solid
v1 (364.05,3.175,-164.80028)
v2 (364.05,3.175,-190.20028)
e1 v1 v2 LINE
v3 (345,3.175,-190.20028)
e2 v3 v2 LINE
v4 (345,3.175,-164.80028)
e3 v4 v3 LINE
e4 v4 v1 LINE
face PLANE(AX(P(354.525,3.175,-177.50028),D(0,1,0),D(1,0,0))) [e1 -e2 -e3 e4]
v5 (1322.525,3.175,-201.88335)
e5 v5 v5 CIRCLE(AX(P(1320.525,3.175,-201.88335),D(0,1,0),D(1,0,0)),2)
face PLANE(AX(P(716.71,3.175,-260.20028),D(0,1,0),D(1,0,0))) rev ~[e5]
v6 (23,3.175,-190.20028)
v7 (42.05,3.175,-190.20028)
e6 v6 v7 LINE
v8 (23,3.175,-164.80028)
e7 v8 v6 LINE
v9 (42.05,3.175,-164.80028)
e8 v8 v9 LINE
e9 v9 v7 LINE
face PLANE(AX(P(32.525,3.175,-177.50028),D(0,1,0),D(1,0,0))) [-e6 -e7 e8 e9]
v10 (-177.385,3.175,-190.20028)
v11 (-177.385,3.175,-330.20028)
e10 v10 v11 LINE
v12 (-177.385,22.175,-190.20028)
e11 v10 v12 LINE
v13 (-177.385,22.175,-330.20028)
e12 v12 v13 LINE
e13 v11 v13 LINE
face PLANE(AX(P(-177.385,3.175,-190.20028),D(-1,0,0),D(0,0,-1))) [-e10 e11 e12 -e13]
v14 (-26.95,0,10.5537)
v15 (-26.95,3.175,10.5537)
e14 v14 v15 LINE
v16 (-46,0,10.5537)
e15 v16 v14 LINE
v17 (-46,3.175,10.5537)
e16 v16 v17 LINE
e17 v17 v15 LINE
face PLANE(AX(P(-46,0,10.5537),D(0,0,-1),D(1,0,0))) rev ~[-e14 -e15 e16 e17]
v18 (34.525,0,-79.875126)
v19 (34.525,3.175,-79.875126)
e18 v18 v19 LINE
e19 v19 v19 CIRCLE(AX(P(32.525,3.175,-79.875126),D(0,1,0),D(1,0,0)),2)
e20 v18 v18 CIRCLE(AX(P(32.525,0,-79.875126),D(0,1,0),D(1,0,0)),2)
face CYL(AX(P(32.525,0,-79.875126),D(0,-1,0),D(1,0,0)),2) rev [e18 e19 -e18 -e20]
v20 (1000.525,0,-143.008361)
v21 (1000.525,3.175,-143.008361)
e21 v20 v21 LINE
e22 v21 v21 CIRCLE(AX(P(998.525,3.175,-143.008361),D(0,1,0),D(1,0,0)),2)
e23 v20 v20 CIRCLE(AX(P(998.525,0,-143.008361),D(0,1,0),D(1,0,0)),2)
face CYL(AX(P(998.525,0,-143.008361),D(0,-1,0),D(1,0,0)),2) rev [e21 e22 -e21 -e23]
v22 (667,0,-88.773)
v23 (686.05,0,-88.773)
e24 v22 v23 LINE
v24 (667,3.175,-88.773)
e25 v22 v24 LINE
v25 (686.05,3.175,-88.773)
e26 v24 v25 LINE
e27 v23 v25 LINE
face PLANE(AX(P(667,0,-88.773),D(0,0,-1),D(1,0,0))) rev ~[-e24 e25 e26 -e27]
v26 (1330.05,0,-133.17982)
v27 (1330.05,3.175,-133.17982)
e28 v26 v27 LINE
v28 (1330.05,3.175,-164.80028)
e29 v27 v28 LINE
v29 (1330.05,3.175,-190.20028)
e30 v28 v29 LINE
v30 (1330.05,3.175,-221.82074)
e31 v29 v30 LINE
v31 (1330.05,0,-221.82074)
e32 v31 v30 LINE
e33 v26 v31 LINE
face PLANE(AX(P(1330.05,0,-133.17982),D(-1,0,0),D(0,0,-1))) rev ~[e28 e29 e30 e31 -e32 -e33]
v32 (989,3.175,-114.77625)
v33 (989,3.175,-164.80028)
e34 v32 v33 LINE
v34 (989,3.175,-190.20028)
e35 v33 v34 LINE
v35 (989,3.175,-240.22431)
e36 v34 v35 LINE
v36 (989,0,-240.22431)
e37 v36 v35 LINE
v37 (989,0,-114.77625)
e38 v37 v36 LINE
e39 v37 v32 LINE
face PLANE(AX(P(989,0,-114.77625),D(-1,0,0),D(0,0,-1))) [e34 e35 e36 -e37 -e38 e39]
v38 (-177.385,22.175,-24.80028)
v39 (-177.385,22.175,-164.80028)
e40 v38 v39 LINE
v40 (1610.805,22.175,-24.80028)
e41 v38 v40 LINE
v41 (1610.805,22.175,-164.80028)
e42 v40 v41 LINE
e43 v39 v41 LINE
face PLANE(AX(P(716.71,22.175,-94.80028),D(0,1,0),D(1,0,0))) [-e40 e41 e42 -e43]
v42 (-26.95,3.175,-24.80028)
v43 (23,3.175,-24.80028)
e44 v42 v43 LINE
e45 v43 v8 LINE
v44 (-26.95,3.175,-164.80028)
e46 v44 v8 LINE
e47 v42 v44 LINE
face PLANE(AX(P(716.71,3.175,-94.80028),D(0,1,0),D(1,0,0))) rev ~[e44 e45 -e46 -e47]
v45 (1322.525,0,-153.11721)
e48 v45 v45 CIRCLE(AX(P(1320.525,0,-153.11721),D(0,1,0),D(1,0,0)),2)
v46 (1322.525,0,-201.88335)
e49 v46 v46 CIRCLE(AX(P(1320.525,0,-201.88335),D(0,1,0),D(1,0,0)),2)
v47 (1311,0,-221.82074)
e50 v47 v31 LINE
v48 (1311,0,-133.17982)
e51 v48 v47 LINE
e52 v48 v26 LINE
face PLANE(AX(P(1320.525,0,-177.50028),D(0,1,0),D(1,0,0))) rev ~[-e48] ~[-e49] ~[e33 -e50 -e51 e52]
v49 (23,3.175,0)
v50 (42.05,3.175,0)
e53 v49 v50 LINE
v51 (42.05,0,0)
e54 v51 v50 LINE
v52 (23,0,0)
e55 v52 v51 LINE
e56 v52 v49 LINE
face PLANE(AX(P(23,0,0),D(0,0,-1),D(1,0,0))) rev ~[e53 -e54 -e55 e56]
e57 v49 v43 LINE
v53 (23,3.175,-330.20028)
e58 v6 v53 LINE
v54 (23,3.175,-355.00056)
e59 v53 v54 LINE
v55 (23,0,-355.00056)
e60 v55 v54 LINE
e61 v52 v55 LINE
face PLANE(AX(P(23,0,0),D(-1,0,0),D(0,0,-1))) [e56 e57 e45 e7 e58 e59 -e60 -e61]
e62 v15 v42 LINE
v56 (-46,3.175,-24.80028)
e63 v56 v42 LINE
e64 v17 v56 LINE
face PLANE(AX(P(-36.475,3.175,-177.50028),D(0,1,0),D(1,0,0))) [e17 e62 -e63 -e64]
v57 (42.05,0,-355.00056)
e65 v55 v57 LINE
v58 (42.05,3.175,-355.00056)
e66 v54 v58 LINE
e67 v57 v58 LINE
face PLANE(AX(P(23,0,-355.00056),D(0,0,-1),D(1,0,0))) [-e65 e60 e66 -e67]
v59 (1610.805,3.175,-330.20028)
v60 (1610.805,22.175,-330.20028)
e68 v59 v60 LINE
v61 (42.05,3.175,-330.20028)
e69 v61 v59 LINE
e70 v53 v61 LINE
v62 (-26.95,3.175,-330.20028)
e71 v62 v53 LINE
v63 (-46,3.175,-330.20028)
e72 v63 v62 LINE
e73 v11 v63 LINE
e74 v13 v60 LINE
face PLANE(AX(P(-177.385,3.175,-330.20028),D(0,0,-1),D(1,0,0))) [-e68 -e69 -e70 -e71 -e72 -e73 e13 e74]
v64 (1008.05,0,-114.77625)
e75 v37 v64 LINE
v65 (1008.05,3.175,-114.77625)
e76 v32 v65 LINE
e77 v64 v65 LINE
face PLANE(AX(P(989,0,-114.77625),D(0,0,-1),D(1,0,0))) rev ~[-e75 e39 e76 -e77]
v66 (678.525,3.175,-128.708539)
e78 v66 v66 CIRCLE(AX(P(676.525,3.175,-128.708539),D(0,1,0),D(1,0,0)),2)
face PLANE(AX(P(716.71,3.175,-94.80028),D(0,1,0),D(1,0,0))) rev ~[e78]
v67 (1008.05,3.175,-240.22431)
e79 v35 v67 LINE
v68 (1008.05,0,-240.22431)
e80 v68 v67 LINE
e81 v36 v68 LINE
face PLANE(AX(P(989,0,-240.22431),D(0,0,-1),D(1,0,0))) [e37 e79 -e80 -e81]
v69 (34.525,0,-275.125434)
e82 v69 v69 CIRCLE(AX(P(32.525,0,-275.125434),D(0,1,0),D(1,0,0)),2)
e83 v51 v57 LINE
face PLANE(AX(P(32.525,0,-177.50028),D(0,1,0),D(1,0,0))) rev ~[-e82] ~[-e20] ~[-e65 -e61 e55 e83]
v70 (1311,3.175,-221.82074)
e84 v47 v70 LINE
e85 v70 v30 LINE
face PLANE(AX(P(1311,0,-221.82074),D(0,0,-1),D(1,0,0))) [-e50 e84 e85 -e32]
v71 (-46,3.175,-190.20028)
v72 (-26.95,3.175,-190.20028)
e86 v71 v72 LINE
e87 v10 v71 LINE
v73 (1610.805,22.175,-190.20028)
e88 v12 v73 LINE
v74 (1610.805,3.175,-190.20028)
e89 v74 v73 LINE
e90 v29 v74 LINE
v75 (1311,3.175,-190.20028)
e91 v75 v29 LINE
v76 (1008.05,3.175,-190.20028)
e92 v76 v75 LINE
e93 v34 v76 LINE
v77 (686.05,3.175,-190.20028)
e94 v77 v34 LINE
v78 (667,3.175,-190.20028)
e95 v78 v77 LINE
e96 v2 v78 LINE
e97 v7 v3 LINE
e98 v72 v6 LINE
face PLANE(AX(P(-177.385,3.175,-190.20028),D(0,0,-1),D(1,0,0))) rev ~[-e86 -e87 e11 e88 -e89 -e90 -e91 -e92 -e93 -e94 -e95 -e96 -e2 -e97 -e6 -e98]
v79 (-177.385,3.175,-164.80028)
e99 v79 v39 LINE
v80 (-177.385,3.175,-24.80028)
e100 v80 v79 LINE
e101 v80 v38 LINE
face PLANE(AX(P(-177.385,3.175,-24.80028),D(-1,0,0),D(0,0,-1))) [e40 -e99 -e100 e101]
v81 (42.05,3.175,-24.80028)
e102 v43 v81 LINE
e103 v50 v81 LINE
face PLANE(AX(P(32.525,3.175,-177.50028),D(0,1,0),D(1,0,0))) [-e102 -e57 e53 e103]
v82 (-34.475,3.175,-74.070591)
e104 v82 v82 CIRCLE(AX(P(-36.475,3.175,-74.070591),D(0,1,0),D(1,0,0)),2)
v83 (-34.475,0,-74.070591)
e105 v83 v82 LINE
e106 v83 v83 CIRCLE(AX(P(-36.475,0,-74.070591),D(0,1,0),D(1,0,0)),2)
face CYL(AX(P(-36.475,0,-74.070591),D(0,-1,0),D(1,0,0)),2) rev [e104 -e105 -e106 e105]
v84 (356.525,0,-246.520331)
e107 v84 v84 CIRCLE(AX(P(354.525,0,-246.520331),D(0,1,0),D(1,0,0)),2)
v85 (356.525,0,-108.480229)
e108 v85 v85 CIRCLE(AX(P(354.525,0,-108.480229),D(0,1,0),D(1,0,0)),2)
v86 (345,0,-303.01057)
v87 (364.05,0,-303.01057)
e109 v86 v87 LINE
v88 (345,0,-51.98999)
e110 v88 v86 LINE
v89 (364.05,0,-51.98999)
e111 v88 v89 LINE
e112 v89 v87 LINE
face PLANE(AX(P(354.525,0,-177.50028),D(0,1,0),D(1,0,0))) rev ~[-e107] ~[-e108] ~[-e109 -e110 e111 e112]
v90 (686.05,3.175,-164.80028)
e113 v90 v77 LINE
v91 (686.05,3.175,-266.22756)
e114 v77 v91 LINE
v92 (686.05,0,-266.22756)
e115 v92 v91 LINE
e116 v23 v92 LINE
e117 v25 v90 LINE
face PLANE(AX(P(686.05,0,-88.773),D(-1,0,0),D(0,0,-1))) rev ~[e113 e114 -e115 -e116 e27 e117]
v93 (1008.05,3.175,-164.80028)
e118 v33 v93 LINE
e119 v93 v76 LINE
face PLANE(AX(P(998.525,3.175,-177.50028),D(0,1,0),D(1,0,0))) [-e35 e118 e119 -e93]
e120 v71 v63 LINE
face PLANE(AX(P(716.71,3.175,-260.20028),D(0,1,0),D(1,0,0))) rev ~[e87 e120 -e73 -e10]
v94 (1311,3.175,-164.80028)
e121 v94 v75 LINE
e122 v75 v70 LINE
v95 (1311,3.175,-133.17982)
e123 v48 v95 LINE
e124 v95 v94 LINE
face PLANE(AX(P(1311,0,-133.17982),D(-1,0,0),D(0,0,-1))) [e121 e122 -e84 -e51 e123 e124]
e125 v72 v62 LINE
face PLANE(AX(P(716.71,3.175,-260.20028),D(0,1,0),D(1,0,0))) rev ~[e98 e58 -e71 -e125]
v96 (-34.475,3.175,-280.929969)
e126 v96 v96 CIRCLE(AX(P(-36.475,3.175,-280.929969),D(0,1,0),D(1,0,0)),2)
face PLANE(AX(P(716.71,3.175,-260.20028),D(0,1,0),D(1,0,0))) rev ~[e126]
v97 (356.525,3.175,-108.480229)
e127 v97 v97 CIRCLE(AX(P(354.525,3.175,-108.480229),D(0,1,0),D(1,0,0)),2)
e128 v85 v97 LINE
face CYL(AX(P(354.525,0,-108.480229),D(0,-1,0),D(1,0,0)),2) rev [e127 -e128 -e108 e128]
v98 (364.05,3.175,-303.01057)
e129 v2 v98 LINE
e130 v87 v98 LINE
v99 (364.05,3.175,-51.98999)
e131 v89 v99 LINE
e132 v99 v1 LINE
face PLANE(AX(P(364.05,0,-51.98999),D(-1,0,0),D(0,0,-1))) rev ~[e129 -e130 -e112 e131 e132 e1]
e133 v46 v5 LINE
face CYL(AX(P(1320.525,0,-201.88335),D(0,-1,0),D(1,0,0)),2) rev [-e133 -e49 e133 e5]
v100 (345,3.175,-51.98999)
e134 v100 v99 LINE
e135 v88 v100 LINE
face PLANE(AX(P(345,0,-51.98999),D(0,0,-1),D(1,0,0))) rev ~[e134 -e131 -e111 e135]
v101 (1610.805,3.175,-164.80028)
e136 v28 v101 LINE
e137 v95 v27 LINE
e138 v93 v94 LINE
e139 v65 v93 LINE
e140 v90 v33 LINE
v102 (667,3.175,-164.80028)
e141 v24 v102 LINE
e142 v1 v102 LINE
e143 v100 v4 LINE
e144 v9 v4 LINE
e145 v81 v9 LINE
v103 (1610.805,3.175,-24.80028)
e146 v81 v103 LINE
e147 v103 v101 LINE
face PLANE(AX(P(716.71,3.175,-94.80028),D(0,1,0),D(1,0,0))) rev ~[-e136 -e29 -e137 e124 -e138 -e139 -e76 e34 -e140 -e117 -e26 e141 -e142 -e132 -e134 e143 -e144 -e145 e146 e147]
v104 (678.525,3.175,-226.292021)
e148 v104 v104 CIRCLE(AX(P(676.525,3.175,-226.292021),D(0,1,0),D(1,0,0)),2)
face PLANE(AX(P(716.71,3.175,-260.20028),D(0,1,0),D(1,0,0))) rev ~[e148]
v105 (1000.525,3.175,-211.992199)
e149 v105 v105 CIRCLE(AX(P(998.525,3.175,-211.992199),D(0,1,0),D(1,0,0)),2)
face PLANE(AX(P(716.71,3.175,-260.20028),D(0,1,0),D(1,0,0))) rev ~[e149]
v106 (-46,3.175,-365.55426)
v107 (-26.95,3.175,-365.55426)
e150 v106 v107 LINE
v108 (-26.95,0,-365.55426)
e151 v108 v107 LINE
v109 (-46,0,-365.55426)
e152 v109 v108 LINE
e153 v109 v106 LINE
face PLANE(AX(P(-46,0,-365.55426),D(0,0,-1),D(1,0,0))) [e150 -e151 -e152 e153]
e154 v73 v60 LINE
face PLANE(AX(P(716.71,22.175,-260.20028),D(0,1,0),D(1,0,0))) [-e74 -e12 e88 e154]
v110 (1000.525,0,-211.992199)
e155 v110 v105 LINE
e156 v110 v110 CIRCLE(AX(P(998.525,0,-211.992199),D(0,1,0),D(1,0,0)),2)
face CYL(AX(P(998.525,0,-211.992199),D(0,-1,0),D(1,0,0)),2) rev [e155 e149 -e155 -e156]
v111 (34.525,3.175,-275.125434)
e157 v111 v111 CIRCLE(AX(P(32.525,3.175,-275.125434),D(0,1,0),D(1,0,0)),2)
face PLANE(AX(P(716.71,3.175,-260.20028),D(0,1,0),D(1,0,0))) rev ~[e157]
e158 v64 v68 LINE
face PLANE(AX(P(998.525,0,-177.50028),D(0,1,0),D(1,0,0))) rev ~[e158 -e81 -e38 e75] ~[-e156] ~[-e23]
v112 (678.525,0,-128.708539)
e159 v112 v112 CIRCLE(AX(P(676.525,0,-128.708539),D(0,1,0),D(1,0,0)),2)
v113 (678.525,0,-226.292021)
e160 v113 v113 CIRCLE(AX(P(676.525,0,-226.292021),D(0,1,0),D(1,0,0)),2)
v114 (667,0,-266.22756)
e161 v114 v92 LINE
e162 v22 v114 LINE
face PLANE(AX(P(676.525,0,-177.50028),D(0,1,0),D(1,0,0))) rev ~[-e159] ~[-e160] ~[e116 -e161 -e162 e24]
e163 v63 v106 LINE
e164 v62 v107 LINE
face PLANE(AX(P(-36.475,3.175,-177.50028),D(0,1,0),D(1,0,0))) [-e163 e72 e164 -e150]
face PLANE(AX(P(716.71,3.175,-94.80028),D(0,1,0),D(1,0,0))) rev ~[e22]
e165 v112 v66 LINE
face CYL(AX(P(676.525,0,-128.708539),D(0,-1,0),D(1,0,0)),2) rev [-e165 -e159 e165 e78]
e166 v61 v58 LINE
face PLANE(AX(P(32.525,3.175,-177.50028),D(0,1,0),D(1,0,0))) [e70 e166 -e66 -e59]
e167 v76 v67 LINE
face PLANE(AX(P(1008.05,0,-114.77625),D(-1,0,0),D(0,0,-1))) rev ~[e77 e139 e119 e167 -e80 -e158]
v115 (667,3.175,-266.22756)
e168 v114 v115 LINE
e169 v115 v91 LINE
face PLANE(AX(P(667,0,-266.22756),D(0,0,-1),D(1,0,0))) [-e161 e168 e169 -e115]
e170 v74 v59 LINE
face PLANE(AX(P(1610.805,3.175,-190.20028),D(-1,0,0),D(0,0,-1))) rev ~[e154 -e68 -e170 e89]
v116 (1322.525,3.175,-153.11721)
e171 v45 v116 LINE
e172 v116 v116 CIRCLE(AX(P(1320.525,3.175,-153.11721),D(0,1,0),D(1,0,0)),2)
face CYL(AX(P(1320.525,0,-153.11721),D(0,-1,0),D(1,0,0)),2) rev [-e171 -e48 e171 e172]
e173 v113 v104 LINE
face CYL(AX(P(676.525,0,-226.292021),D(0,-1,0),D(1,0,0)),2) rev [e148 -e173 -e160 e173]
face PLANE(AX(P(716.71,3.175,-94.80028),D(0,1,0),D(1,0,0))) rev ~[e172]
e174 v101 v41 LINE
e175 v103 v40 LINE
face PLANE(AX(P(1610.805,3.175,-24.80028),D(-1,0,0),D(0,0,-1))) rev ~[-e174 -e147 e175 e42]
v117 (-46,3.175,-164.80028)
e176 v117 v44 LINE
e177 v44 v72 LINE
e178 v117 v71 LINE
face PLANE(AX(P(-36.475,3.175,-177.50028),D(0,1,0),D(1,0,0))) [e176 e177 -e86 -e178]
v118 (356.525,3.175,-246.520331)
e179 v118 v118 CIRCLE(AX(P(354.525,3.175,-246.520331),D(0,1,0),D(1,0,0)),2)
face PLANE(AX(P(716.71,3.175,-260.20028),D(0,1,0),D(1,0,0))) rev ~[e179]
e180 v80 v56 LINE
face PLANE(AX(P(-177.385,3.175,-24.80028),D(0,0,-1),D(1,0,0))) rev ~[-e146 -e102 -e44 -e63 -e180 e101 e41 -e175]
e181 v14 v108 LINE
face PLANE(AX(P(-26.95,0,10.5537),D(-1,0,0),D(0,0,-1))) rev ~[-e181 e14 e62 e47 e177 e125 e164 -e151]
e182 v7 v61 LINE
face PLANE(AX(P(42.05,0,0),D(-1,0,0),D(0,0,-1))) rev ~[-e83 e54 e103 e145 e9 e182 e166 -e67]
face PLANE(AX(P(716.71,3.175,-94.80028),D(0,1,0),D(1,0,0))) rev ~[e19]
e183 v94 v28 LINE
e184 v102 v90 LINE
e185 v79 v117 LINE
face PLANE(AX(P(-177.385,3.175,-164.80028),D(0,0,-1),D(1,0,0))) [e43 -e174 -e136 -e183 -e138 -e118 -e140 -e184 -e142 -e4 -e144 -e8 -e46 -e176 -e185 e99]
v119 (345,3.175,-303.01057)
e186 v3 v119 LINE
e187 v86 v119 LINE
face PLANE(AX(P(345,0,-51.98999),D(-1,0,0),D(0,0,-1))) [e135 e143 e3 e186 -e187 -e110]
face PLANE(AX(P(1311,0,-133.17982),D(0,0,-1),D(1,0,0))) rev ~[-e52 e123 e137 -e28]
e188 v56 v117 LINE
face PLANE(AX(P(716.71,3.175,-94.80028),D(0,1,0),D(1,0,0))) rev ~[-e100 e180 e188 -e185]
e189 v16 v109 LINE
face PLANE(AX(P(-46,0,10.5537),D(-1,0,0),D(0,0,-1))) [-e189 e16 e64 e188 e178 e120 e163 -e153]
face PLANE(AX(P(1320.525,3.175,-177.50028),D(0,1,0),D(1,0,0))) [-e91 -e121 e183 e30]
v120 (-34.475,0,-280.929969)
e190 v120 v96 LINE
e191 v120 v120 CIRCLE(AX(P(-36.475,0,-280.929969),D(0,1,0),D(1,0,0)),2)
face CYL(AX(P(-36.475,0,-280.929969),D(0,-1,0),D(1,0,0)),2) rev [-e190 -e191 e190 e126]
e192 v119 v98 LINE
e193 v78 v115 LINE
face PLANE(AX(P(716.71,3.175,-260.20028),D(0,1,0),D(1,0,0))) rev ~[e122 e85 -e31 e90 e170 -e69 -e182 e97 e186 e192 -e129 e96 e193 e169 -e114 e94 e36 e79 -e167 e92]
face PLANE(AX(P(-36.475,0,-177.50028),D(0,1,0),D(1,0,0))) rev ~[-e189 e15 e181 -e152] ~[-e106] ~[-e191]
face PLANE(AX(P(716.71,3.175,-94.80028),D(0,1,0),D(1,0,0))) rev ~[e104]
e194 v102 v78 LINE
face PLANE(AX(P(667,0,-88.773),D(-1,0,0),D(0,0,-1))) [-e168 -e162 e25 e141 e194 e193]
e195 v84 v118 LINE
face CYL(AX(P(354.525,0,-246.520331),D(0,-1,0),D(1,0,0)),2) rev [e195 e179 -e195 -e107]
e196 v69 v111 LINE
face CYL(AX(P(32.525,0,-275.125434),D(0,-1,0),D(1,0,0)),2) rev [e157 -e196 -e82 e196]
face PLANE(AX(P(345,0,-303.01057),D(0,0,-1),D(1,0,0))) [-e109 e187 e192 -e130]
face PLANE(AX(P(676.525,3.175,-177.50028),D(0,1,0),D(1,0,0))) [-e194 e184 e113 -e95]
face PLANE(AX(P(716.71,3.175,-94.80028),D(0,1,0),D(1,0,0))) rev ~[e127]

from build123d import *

# Parameters (mm, degrees)
SKETCH2_W             = 19.05
SKETCH2_H             = 355.00056
SKETCH2_R             = 2
BOSS_EXTRUDE1_DEPTH   = 3.175
SKETCH2_H_2           = 251.02058
BOSS_EXTRUDE1_2_DEPTH = 3.175
SKETCH2_H_3           = 177.45456
BOSS_EXTRUDE1_3_DEPTH = 3.175
SKETCH2_H_4           = 125.44806
BOSS_EXTRUDE1_4_DEPTH = 3.175
SKETCH2_H_5           = 88.64092
BOSS_EXTRUDE1_5_DEPTH = 3.175
SKETCH2_H_6           = 376.10796
BOSS_EXTRUDE1_6_DEPTH = 3.175
SKETCH3_W             = 1788.19
SKETCH3_H             = 140
BOSS_EXTRUDE2_DEPTH   = 19


with BuildPart() as part:
    # Sketch2 → Boss-Extrude1 (new body)
    with BuildSketch(Plane(origin=(0, 0, 0), x_dir=(1, 0, 0), z_dir=(0, 1, 0))):
        with Locations((32.525, 177.50028)):
            Rectangle(SKETCH2_W, SKETCH2_H)
        with Locations((32.525, 79.875126)):
            Circle(SKETCH2_R, mode=Mode.SUBTRACT)
        with Locations((32.525, 275.125434)):
            Circle(SKETCH2_R, mode=Mode.SUBTRACT)
    extrude(amount=BOSS_EXTRUDE1_DEPTH)



with BuildPart() as body_2:
    # Sketch2 → Boss-Extrude1 2 (new body)
    with BuildSketch(Plane(origin=(0, 0, 0), x_dir=(1, 0, 0), z_dir=(0, 1, 0))):
        with Locations((354.525, 177.50028)):
            Rectangle(SKETCH2_W, SKETCH2_H_2)
        with Locations((354.525, 108.48022915)):
            Circle(SKETCH2_R, mode=Mode.SUBTRACT)
        with Locations((354.525, 246.52033085)):
            Circle(SKETCH2_R, mode=Mode.SUBTRACT)
    extrude(amount=BOSS_EXTRUDE1_2_DEPTH)


with BuildPart() as body_3:
    # Sketch2 → Boss-Extrude1 3 (new body)
    with BuildSketch(Plane(origin=(0, 0, 0), x_dir=(1, 0, 0), z_dir=(0, 1, 0))):
        with Locations((676.525, 177.50028)):
            Rectangle(SKETCH2_W, SKETCH2_H_3)
        with Locations((676.525, 128.708539125)):
            Circle(SKETCH2_R, mode=Mode.SUBTRACT)
        with Locations((676.525, 226.292020875)):
            Circle(SKETCH2_R, mode=Mode.SUBTRACT)
    extrude(amount=BOSS_EXTRUDE1_3_DEPTH)


with BuildPart() as body_4:
    # Sketch2 → Boss-Extrude1 4 (new body)
    with BuildSketch(Plane(origin=(0, 0, 0), x_dir=(1, 0, 0), z_dir=(0, 1, 0))):
        with Locations((998.525, 177.50028)):
            Rectangle(SKETCH2_W, SKETCH2_H_4)
        with Locations((998.525, 143.008361365)):
            Circle(SKETCH2_R, mode=Mode.SUBTRACT)
        with Locations((998.525, 211.992198635)):
            Circle(SKETCH2_R, mode=Mode.SUBTRACT)
    extrude(amount=BOSS_EXTRUDE1_4_DEPTH)


with BuildPart() as body_5:
    # Sketch2 → Boss-Extrude1 5 (new body)
    with BuildSketch(Plane(origin=(0, 0, 0), x_dir=(1, 0, 0), z_dir=(0, 1, 0))):
        with Locations((1320.525, 177.50028)):
            Rectangle(SKETCH2_W, SKETCH2_H_5)
        with Locations((1320.525, 153.11720963)):
            Circle(SKETCH2_R, mode=Mode.SUBTRACT)
        with Locations((1320.525, 201.88335037)):
            Circle(SKETCH2_R, mode=Mode.SUBTRACT)
    extrude(amount=BOSS_EXTRUDE1_5_DEPTH)


with BuildPart() as body_6:
    # Sketch2 → Boss-Extrude1 6 (new body)
    with BuildSketch(Plane(origin=(0, 0, 0), x_dir=(1, 0, 0), z_dir=(0, 1, 0))):
        with Locations((-36.475, 177.50028)):
            Rectangle(SKETCH2_W, SKETCH2_H_6)
        with Locations((-36.475, 74.070591)):
            Circle(SKETCH2_R, mode=Mode.SUBTRACT)
        with Locations((-36.475, 280.929969)):
            Circle(SKETCH2_R, mode=Mode.SUBTRACT)
    extrude(amount=BOSS_EXTRUDE1_6_DEPTH)


with BuildPart() as part_1:
    add(part.part)

    add(body_2.part)  # Boss-Extrude2 merges body 2

    add(body_3.part)  # Boss-Extrude2 merges body 3

    add(body_4.part)  # Boss-Extrude2 merges body 4

    add(body_5.part)  # Boss-Extrude2 merges body 5

    add(body_6.part)  # Boss-Extrude2 merges body 6
    # Sketch3 → Boss-Extrude2 (add)
    with BuildSketch(Plane(origin=(0, 3.175, 0), x_dir=(1, 0, 0), z_dir=(0, 1, 0))):
        with Locations((716.71, 260.20028)):
            Rectangle(SKETCH3_W, SKETCH3_H)
        with Locations((716.71, 94.80028)):
            Rectangle(SKETCH3_W, SKETCH3_H)
    extrude(amount=BOSS_EXTRUDE2_DEPTH)


solid = part_1.part
